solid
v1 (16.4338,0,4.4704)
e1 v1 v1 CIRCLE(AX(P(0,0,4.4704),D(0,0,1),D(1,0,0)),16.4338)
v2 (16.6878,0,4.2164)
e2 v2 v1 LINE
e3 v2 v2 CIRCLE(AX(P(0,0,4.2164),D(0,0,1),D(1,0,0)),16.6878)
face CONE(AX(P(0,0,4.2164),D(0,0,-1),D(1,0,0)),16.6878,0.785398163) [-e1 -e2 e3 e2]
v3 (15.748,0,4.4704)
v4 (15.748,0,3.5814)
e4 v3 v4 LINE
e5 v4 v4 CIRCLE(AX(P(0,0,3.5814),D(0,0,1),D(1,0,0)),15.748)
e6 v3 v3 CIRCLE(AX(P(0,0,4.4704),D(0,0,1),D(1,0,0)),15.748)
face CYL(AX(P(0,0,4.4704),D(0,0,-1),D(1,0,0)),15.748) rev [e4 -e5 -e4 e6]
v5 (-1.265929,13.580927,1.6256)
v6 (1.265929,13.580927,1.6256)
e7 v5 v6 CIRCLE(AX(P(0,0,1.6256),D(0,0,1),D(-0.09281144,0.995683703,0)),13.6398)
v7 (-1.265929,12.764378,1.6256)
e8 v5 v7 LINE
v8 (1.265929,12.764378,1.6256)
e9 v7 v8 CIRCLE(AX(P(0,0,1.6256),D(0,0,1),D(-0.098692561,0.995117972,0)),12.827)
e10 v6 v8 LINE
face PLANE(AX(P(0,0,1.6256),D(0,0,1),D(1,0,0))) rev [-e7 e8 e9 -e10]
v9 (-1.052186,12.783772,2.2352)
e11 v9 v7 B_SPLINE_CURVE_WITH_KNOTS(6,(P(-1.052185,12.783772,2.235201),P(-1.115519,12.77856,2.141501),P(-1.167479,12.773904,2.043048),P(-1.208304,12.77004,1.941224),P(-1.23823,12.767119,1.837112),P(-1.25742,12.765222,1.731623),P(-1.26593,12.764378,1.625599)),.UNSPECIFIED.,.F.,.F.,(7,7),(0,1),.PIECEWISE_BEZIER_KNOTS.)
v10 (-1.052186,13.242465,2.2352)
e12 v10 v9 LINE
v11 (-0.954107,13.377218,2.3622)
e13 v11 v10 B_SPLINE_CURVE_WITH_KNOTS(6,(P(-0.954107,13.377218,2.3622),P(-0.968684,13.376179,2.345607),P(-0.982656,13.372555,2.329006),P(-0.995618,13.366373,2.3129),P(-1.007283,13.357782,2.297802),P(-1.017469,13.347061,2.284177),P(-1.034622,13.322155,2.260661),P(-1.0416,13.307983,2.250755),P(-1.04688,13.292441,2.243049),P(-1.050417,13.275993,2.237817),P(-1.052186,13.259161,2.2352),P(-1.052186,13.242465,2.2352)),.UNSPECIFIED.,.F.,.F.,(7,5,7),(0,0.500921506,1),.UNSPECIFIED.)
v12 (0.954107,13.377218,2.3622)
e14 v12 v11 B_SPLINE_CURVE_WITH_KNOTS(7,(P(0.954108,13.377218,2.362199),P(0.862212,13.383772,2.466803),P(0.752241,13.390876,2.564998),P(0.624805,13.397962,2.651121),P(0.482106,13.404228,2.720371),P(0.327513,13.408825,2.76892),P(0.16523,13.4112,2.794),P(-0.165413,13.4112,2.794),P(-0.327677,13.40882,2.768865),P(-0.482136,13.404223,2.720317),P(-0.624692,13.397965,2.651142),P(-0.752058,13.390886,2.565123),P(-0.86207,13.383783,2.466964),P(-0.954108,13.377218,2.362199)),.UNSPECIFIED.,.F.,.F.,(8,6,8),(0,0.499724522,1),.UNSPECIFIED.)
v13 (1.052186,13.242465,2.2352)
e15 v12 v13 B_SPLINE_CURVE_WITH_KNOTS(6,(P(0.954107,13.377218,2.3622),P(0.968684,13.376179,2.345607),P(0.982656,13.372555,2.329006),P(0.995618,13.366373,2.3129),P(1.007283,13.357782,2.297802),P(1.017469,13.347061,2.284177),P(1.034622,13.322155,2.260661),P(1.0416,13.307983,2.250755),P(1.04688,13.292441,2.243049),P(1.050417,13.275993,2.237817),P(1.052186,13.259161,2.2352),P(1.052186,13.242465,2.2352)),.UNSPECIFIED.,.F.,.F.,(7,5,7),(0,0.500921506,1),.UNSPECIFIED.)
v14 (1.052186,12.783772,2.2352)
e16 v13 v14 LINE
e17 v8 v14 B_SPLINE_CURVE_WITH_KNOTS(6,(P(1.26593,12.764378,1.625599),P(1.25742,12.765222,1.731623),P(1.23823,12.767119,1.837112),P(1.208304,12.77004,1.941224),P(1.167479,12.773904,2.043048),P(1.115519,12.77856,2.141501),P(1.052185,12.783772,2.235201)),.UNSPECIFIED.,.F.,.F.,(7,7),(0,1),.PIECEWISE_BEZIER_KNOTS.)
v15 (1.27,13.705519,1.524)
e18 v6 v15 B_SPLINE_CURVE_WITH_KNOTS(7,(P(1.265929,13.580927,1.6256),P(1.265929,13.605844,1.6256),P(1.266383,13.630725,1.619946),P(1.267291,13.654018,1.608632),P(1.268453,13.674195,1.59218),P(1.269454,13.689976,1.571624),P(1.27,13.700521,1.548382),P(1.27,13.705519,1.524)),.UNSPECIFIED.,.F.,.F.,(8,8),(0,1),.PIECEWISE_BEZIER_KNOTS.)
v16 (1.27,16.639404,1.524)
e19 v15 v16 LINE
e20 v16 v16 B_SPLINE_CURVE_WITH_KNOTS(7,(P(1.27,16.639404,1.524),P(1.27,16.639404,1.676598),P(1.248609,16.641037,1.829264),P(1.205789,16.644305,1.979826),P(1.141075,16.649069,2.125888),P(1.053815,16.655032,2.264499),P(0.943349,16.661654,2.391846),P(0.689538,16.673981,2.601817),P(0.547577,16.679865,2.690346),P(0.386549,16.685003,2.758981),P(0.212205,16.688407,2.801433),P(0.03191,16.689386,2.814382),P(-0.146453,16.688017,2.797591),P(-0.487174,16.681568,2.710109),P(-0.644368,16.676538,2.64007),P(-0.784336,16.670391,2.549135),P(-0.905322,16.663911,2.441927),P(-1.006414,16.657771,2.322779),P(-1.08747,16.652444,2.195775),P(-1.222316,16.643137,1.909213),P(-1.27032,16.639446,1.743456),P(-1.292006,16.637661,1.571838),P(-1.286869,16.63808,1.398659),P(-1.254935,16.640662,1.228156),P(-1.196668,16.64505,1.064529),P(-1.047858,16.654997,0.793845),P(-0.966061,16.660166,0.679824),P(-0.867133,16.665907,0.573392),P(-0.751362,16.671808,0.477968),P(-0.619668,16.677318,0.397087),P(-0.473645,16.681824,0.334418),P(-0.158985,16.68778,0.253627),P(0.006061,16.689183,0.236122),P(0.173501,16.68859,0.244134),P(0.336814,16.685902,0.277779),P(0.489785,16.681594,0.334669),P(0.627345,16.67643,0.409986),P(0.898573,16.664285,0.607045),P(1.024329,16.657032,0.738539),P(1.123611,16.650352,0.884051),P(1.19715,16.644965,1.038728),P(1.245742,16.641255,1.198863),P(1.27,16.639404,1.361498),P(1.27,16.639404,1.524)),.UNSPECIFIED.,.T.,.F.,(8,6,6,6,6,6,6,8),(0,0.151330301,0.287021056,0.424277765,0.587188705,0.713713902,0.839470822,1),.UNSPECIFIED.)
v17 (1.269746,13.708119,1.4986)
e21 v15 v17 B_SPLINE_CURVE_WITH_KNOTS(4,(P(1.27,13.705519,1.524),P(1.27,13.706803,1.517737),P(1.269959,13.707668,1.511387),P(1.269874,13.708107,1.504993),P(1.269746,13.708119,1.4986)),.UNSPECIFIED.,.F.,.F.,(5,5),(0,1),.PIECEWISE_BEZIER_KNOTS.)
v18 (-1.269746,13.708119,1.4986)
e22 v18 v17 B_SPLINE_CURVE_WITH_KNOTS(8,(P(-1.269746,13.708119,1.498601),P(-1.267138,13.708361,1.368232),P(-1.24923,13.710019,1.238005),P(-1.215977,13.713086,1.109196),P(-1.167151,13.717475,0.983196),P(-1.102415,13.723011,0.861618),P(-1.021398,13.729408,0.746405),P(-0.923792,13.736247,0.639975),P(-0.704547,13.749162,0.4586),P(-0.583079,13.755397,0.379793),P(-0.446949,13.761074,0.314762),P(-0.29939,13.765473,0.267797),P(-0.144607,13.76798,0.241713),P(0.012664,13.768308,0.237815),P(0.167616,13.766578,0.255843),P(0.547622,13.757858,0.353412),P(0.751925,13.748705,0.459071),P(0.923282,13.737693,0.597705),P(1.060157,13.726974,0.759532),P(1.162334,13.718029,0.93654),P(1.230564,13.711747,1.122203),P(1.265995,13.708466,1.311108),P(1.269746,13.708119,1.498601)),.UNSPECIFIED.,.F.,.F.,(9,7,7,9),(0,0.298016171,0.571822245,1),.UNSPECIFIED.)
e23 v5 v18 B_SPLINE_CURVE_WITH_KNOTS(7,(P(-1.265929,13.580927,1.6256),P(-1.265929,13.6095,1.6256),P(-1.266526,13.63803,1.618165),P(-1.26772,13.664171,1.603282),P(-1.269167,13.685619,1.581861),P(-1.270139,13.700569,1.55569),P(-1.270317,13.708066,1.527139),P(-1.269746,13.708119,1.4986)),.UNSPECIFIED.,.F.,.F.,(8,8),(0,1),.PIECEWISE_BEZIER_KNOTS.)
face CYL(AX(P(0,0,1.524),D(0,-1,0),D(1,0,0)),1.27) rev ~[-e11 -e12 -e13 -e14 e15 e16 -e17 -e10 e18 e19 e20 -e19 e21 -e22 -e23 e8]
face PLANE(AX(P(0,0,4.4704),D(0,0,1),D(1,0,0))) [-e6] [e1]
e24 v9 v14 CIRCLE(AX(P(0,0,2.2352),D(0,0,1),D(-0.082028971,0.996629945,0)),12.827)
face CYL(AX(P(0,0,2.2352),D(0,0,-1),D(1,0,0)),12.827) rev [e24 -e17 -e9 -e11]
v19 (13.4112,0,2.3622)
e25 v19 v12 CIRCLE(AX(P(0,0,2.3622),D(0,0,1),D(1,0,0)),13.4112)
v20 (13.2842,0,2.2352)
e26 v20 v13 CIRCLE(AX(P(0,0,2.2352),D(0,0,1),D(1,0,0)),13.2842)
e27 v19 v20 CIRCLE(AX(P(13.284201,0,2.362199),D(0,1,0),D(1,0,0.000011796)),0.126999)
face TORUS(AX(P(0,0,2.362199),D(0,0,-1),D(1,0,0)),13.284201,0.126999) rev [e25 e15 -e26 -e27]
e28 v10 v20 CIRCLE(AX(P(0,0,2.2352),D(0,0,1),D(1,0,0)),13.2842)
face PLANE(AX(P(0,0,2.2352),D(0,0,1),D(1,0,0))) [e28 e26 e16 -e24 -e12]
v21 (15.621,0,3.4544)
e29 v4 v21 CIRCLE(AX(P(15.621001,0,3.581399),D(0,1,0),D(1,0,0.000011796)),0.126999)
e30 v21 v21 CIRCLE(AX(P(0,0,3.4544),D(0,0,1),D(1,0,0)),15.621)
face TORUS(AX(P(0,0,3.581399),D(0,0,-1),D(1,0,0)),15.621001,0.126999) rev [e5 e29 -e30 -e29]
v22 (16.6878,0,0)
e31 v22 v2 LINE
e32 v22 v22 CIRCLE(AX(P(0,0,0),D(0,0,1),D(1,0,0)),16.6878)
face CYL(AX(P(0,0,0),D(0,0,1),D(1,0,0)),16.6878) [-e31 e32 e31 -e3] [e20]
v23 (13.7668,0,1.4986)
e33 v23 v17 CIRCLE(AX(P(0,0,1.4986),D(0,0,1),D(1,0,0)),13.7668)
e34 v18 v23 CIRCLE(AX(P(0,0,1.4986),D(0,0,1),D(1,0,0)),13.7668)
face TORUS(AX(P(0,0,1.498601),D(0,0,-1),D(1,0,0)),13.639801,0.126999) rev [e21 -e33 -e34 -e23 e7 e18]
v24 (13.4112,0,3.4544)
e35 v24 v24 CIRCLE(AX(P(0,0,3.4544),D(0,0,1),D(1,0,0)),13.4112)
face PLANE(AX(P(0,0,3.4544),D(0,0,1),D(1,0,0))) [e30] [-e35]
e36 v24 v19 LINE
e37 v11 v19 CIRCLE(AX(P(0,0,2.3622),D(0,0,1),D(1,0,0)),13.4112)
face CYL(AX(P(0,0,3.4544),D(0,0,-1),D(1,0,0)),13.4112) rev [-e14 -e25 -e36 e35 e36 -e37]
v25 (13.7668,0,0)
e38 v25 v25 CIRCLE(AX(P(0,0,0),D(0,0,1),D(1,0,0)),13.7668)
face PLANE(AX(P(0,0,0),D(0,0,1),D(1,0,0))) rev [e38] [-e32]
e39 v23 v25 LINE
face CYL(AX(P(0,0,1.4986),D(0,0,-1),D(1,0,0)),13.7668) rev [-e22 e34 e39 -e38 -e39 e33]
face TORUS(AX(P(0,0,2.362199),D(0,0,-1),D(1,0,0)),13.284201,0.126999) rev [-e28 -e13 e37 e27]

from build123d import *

# Parameters (mm, degrees)
F2_R     = 1.27
F3_DEPTH = 25.4


with BuildPart() as f1:
    # F0 (on Front) → F1 (revolve)
    with BuildSketch(Plane.XZ):
        with BuildLine():
            Line((16.6878, 0), (16.6878, 4.2164))
            Line((16.6878, 4.2164), (16.4338, 4.4704))
            Line((16.4338, 4.4704), (15.748, 4.4704))
            Line((15.748, 4.4704), (15.748, 3.5814))
            ThreePointArc((15.748, 3.5814), (15.710803, 3.491597), (15.621, 3.4544))
            Line((15.621, 3.4544), (13.4112, 3.4544))
            Line((13.4112, 3.4544), (13.4112, 2.3622))
            ThreePointArc((13.4112, 2.3622), (13.374003, 2.272397), (13.2842, 2.2352))
            Line((13.2842, 2.2352), (12.827, 2.2352))
            Line((12.827, 2.2352), (12.827, 1.6256))
            Line((12.827, 1.6256), (13.6398, 1.6256))
            ThreePointArc((13.6398, 1.6256), (13.729603, 1.588403), (13.7668, 1.4986))
            Line((13.7668, 1.4986), (13.7668, 0))
            Line((13.7668, 0), (16.6878, 0))
        make_face()
    revolve(axis=Axis((0, 0, 3.106934), (0, 0, 1)))

    # F2 (on Front) → F3 (cut)
    with BuildSketch(Plane.XZ):
        with Locations((0, 1.524)):
            Circle(F2_R)
    extrude(amount=-F3_DEPTH, mode=Mode.SUBTRACT)


solid = f1.part
